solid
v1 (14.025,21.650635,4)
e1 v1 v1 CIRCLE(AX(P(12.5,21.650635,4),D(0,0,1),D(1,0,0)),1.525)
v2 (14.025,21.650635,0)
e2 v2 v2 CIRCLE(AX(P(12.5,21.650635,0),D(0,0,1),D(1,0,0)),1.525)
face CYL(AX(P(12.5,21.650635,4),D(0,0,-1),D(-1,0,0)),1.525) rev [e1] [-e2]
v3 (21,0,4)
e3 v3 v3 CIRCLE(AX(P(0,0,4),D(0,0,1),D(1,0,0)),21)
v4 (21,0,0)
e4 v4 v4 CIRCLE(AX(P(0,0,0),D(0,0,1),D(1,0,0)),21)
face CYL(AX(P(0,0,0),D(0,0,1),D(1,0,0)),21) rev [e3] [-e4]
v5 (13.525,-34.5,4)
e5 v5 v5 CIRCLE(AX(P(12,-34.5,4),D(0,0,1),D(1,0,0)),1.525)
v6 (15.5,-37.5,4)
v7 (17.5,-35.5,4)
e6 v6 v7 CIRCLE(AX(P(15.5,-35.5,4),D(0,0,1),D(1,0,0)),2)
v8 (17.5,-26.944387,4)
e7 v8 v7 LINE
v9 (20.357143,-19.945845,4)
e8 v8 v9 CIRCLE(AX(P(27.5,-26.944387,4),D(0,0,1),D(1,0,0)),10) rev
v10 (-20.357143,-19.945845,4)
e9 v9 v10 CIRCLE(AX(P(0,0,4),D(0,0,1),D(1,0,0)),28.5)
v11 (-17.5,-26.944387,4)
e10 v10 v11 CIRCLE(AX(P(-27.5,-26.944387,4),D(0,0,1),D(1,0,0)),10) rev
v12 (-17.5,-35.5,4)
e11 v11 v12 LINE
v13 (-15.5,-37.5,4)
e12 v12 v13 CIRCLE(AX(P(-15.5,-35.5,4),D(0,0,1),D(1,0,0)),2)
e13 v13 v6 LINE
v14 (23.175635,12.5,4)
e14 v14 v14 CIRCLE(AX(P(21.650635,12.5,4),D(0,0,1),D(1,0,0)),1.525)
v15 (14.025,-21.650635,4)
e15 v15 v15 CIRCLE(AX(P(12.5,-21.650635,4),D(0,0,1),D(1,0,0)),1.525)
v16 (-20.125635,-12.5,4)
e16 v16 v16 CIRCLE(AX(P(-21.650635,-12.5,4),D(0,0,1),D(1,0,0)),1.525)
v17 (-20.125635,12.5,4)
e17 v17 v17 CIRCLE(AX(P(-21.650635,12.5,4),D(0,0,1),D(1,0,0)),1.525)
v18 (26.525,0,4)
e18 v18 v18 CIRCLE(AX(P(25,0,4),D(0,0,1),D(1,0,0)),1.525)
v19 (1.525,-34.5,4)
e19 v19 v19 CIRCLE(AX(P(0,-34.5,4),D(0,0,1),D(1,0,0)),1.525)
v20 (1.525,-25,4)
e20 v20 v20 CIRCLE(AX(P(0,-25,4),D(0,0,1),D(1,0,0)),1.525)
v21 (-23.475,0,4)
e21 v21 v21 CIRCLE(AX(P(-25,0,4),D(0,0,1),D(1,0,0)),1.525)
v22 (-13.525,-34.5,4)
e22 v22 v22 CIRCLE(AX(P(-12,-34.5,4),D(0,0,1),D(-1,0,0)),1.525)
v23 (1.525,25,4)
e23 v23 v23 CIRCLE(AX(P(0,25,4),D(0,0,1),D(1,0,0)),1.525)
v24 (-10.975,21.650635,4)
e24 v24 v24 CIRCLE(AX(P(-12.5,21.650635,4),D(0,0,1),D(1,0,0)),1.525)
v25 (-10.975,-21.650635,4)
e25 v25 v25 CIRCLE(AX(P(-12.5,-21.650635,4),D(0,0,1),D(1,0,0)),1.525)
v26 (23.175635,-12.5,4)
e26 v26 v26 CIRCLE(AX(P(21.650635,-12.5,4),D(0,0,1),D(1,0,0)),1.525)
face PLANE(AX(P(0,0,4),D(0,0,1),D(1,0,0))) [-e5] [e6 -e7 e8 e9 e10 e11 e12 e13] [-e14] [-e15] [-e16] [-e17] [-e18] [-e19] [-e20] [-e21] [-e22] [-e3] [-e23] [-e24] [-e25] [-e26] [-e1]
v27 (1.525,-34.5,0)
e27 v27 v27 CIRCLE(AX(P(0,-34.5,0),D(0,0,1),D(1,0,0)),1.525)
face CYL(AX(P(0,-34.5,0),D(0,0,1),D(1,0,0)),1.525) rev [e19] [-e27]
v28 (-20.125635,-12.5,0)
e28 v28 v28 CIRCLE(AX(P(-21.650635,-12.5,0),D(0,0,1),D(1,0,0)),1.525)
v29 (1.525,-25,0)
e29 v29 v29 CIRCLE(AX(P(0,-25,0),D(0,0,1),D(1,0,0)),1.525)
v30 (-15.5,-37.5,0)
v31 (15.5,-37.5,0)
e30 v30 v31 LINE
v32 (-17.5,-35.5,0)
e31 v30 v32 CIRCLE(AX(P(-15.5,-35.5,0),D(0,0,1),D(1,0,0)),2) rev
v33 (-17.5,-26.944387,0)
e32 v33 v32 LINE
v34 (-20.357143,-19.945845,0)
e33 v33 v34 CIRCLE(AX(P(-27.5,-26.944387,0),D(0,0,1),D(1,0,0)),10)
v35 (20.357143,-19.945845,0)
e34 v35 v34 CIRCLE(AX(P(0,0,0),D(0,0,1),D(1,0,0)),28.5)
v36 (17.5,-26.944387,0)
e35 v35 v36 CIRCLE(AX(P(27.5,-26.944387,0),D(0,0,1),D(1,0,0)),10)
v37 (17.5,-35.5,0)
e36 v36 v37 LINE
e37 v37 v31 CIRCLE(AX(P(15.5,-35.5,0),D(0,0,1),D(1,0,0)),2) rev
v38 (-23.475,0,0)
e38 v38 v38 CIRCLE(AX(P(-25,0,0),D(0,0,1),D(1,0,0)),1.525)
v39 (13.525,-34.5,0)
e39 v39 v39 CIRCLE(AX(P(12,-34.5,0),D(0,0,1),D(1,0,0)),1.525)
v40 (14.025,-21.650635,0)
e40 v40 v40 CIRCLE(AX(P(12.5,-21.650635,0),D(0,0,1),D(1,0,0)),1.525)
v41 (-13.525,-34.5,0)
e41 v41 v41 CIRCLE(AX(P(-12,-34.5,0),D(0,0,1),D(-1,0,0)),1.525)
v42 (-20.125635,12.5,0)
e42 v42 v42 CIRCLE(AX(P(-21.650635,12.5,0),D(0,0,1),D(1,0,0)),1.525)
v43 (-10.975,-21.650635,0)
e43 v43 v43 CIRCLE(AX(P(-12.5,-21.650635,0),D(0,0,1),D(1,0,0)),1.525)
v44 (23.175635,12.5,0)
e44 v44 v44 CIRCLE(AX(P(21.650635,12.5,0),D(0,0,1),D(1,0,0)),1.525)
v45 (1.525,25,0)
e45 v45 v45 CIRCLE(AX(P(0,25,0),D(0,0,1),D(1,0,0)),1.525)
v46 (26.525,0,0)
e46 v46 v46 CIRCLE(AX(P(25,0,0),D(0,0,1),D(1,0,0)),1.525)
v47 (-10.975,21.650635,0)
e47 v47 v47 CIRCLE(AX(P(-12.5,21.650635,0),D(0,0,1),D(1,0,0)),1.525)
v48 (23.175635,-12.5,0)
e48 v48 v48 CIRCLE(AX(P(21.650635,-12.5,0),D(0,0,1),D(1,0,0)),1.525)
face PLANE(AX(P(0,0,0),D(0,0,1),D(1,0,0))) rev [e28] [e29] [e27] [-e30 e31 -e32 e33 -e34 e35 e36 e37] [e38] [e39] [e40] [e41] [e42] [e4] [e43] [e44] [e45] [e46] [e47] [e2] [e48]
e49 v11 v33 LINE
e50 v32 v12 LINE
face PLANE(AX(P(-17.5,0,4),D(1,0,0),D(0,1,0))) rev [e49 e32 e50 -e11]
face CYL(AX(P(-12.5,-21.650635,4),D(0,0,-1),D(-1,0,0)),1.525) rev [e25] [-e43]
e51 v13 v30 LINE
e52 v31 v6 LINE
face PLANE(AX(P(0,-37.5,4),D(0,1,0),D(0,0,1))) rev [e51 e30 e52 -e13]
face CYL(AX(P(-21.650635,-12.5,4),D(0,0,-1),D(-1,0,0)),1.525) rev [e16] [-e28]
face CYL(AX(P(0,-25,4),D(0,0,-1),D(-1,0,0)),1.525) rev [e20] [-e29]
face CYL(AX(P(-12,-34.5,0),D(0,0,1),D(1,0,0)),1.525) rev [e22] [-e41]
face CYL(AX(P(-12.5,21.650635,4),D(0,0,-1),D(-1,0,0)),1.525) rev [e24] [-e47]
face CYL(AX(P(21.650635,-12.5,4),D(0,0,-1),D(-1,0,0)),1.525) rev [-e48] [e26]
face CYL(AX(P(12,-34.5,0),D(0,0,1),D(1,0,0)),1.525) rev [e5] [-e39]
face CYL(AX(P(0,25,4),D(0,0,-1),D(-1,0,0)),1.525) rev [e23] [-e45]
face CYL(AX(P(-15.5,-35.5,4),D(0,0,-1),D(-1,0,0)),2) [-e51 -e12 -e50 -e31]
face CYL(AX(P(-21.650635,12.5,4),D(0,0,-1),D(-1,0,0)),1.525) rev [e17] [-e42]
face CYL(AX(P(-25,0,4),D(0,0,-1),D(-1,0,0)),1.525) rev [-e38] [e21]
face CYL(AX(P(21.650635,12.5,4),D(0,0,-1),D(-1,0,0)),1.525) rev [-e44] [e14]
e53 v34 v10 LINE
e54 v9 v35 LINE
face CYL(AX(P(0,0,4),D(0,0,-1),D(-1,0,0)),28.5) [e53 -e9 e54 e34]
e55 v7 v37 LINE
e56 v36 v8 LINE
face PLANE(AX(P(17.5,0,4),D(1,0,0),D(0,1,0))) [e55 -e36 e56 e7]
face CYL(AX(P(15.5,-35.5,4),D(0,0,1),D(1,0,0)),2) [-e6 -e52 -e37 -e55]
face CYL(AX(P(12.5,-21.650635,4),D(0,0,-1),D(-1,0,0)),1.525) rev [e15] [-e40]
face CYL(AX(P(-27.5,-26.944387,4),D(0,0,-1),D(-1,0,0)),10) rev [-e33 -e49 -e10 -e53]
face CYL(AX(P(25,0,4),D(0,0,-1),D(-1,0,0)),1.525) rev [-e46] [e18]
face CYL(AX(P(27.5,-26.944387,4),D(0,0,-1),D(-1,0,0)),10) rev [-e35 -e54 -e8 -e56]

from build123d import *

# Parameters (mm, degrees)
SKETCH_2_R          = 1.525
EXTRUDE_1_DEPTH     = 4
SKETCH_4_R          = 21
CUT_EXTRUDE_1_DEPTH = 5
SKETCH_5_R          = 1.525
CUT_EXTRUDE_2_DEPTH = 5
FILLET_1_R          = 2
FILLET_2_R          = 10


with BuildPart() as part:
    # 草图2 → 凸台-拉伸1 (new body)
    with BuildSketch(Plane.XY):
        with BuildLine():
            ThreePointArc((17.5, -22.494443758), (0, 28.5), (-17.5, -22.494443758))
            Line((-17.5, -22.494443758), (-17.5, -37.5))
            Line((-17.5, -37.5), (17.5, -37.5))
            Line((17.5, -37.5), (17.5, -22.494443758))
        make_face()
        with Locations((-12.5, -21.650635095)):
            Circle(SKETCH_2_R, mode=Mode.SUBTRACT)
        with Locations((12.5, -21.650635095)):
            Circle(SKETCH_2_R, mode=Mode.SUBTRACT)
        with Locations((-21.650635095, -12.5)):
            Circle(SKETCH_2_R, mode=Mode.SUBTRACT)
        with Locations((21.650635095, -12.5)):
            Circle(SKETCH_2_R, mode=Mode.SUBTRACT)
        with Locations((-25, 0)):
            Circle(SKETCH_2_R, mode=Mode.SUBTRACT)
        with Locations((-21.650635095, 12.5)):
            Circle(SKETCH_2_R, mode=Mode.SUBTRACT)
        with Locations((-12.5, 21.650635095)):
            Circle(SKETCH_2_R, mode=Mode.SUBTRACT)
        with Locations((25, 0)):
            Circle(SKETCH_2_R, mode=Mode.SUBTRACT)
        with Locations((0, 25)):
            Circle(SKETCH_2_R, mode=Mode.SUBTRACT)
        with Locations((12.5, 21.650635095)):
            Circle(SKETCH_2_R, mode=Mode.SUBTRACT)
        with Locations((21.650635095, 12.5)):
            Circle(SKETCH_2_R, mode=Mode.SUBTRACT)
        with Locations((0, -25)):
            Circle(SKETCH_2_R, mode=Mode.SUBTRACT)
    extrude(amount=EXTRUDE_1_DEPTH)

    # 草图4 → 切除-拉伸1 (cut, through all)
    with BuildSketch(Plane.XY.offset(4)):
        Circle(SKETCH_4_R)
    extrude(amount=-CUT_EXTRUDE_1_DEPTH, mode=Mode.SUBTRACT)

    # 草图5 → 切除-拉伸2 (cut, through all)
    with BuildSketch(Plane.XY.offset(4)):
        with Locations((0, -34.5)):
            Circle(SKETCH_5_R)
        with Locations((12, -34.5)):
            Circle(SKETCH_5_R)
        with Locations((-12, -34.5)):
            Circle(SKETCH_5_R)
    extrude(amount=-CUT_EXTRUDE_2_DEPTH, mode=Mode.SUBTRACT)

    # 圆角1
    fillet_1_edges = [part.edges().sort_by_distance(p)[0] for p in [
        (17.5, -37.5, 2),
        (-17.5, -37.5, 2),
    ]]
    fillet(fillet_1_edges, radius=FILLET_1_R)

    # 圆角2
    fillet_2_edges = [part.edges().sort_by_distance(p)[0] for p in [
        (17.5, -22.494443758, 2),
        (-17.5, -22.494443758, 2),
    ]]
    fillet(fillet_2_edges, radius=FILLET_2_R)


solid = part.part
